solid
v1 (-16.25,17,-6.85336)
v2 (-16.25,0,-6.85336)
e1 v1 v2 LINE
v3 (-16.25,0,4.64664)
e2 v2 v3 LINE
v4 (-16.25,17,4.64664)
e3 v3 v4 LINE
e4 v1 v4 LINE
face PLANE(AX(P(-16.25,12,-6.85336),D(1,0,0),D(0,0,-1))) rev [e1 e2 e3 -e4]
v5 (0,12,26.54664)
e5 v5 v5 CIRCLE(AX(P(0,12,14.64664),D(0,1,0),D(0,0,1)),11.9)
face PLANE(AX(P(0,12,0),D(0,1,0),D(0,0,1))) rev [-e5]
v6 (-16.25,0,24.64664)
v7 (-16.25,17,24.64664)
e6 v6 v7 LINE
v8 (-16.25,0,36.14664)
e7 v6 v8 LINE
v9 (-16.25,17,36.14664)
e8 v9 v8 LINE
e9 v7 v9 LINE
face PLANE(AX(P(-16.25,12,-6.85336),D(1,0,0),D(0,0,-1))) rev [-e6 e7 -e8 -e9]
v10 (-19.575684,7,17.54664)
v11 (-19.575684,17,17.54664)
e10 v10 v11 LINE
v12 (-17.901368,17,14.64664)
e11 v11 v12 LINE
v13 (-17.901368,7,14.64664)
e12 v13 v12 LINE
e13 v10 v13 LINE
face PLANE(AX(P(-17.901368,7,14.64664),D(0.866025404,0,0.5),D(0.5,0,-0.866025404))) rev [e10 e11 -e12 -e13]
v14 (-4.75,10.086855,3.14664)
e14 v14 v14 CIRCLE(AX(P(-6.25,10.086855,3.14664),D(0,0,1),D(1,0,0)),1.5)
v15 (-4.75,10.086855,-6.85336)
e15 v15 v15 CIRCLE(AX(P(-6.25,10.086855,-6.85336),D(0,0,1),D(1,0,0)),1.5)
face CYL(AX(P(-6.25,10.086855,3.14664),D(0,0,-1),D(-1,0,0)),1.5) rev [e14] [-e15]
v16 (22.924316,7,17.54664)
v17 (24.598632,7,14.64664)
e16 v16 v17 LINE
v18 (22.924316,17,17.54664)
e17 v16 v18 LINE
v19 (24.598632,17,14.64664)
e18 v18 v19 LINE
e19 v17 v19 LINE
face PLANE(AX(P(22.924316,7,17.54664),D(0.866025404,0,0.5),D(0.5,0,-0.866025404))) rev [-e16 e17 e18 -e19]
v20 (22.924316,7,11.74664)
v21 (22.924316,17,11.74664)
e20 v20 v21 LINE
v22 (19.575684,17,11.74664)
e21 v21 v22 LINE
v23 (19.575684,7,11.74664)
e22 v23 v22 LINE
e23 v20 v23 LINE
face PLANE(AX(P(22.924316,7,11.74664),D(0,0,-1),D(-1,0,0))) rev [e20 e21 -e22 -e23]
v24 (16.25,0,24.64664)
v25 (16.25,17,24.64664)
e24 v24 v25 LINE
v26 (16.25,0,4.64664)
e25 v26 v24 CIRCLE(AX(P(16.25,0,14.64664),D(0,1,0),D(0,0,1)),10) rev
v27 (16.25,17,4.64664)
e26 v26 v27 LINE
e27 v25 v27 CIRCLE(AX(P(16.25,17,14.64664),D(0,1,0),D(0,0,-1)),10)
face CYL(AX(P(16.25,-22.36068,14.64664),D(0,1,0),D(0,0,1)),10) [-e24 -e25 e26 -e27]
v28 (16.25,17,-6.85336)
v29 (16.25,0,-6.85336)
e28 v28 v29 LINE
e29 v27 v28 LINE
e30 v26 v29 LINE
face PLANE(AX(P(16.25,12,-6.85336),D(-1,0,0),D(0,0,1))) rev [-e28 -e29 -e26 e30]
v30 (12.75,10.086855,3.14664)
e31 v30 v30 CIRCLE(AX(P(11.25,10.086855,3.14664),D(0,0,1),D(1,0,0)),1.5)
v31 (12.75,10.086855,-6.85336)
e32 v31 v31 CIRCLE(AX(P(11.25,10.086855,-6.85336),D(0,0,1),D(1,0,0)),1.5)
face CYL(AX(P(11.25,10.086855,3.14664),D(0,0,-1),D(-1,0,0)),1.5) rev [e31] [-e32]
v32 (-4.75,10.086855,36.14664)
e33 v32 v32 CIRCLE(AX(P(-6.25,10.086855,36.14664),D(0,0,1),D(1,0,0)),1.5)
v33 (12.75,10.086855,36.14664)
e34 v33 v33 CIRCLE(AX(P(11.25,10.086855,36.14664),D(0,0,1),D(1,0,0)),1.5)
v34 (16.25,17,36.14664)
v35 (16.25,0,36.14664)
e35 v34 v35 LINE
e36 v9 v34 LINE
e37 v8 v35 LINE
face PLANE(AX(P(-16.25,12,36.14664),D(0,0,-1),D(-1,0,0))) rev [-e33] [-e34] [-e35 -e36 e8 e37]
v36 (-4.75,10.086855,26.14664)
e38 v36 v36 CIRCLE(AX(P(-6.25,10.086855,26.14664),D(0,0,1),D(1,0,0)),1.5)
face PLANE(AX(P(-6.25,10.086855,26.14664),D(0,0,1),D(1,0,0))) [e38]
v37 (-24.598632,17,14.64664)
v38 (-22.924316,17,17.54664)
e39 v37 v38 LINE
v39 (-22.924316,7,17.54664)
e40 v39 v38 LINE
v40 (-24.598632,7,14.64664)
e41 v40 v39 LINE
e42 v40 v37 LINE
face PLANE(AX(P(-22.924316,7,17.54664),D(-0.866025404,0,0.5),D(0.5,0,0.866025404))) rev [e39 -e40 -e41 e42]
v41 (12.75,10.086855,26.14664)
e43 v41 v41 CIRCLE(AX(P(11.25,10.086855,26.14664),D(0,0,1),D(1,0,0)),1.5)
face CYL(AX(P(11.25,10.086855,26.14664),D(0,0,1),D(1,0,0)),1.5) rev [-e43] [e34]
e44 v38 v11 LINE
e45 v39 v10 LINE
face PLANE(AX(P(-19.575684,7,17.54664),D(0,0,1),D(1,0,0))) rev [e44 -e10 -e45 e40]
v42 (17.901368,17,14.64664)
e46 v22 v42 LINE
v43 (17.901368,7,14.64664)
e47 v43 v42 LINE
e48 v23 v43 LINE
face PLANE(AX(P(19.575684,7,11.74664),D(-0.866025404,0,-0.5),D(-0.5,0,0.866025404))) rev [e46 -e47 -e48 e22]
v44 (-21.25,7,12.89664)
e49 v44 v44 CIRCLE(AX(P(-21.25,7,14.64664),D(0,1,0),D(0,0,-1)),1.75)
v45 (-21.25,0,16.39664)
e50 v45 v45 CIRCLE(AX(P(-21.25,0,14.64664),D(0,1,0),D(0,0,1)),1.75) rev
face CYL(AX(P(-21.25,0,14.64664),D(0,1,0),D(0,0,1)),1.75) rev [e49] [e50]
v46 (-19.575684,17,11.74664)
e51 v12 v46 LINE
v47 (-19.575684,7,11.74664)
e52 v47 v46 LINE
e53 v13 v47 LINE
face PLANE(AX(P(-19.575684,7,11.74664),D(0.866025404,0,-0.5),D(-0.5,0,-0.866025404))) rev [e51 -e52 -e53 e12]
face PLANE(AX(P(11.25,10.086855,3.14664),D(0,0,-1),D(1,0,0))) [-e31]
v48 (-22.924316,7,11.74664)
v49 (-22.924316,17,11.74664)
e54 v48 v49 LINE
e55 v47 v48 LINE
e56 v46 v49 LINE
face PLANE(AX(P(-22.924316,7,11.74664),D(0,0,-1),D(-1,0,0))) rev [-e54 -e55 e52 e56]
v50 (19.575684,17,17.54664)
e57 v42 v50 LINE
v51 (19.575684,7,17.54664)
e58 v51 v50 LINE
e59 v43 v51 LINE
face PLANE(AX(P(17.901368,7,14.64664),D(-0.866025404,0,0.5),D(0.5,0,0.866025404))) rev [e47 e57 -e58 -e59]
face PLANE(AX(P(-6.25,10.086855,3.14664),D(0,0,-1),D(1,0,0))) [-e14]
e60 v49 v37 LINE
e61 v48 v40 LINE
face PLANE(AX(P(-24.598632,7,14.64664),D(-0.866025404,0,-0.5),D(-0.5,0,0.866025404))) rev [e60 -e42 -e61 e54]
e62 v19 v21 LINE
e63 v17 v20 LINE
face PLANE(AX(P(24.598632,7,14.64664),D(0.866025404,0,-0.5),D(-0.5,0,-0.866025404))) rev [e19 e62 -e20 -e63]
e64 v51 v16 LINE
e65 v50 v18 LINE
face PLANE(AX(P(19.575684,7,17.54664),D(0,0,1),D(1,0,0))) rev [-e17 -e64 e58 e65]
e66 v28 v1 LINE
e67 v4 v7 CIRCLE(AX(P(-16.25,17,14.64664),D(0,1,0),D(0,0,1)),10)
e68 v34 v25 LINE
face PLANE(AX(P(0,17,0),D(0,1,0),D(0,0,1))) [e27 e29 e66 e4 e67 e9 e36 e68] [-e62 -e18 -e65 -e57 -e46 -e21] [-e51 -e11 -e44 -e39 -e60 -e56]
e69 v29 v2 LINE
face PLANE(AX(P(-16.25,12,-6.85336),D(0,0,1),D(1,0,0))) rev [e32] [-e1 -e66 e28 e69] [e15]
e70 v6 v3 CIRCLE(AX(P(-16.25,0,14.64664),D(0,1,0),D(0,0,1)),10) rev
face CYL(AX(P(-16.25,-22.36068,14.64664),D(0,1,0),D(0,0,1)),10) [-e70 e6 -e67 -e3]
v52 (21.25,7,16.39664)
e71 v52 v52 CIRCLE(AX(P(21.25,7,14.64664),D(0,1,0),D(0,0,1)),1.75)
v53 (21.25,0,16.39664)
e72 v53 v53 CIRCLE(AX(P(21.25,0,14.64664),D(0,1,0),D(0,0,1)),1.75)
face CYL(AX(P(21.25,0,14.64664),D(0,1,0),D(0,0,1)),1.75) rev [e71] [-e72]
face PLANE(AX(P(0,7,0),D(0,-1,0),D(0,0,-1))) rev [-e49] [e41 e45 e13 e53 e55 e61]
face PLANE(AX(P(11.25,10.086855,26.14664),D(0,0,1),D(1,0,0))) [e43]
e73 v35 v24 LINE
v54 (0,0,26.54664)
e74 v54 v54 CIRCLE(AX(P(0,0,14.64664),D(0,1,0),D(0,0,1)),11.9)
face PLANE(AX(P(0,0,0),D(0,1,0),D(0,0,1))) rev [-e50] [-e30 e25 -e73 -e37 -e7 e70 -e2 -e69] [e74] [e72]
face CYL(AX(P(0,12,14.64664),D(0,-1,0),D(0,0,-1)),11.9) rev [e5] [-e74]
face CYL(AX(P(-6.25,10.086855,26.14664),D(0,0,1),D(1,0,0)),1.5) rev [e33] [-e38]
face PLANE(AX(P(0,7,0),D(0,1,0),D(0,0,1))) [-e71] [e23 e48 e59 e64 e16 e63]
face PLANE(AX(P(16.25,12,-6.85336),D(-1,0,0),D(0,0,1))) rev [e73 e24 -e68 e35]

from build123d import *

# Parameters (mm, degrees)
ESQUISSE1_W         = 32.5
ESQUISSE1_H         = 43
ESQUISSE1_R         = 11.9
BOSS_EXTRU_1_DEPTH  = 12
SKETCH2_W           = 32.5
SKETCH2_H           = 43
BOSS_EXTRUDE1_DEPTH = 5
SKETCH3_R           = 1.5
CUT_EXTRUDE2_DEPTH  = 10
BOSS_EXTRUDE2_DEPTH = 17
SKETCH5_R           = 1.75
CUT_EXTRUDE3_DEPTH  = 48.797930062
SKETCH5_3_R         = 1.75
CUT_EXTRUDE4_DEPTH  = 10


with BuildPart() as part:
    # Esquisse1 → Boss.-Extru.1 (new body)
    with BuildSketch(Plane(origin=(0, 0, 0), x_dir=(1, 0, 0), z_dir=(0, 1, 0))):
        with Locations((0, -14.646640483)):
            Rectangle(ESQUISSE1_W, ESQUISSE1_H)
        with Locations(Location((0, -14.646640483, 0), (0, 0, 270))):
            Circle(ESQUISSE1_R, mode=Mode.SUBTRACT)
    extrude(amount=BOSS_EXTRU_1_DEPTH)

    # Sketch2 → Boss-Extrude1 (add)
    with BuildSketch(Plane(origin=(0, 12, 0), x_dir=(1, 0, 0), z_dir=(0, 1, 0))):
        with Locations((0, -14.646640483)):
            Rectangle(SKETCH2_W, SKETCH2_H)
    extrude(amount=BOSS_EXTRUDE1_DEPTH)

    # Sketch3 → Cut-Extrude2 (cut)
    with BuildSketch(Plane.XY.offset(36.146640483)):
        with Locations((11.25, 10.086854916)):
            Circle(SKETCH3_R)
        with Locations((-6.25, 10.086854916)):
            Circle(SKETCH3_R)
    cut_extrude2 = extrude(amount=-CUT_EXTRUDE2_DEPTH, mode=Mode.SUBTRACT)

    # Mirror1: Cut-Extrude2 across plane
    add(cut_extrude2.mirror(Plane.XY.offset(14.646640483)), mode=Mode.SUBTRACT)

    # Sketch4 → Boss-Extrude2 (add)
    with BuildSketch(Plane(origin=(0, 17, 0), x_dir=(1, 0, 0), z_dir=(0, 1, 0))):
        with BuildLine():
            Line((16.25, -4.646640483), (16.25, -24.646640483))
            ThreePointArc((16.25, -24.646640483), (26.25, -14.646640483), (16.25, -4.646640483))
        make_face()
        with BuildLine():
            Line((-16.25, -4.646640483), (-16.25, -24.646640483))
            ThreePointArc((-16.25, -24.646640483), (-26.25, -14.646640483), (-16.25, -4.646640483))
        make_face()
    extrude(amount=-BOSS_EXTRUDE2_DEPTH)

    # Sketch5 → Cut-Extrude3 (cut, through all)
    with BuildSketch(Plane(origin=(0, 17, 0), x_dir=(1, 0, 0), z_dir=(0, 1, 0))):
        with Locations(Location((-21.25, -14.646640483, 0), (0, 0, 270))):
            Circle(SKETCH5_R)
        with Locations(Location((21.25, -14.646640483, 0), (0, 0, 270))):
            Circle(SKETCH5_R)
    extrude(amount=-CUT_EXTRUDE3_DEPTH, mode=Mode.SUBTRACT)

    # Sketch5<3> → Cut-Extrude4 (cut)
    # profile 1 of 2: a face of its own
    with BuildSketch(Plane(origin=(0, 17, 0), x_dir=(1, 0, 0), z_dir=(0, 1, 0))):
        Polygon((22.924315781, -17.546640483), (24.598631561, -14.646640483), (22.924315781, -11.746640483), (19.575684219, -11.746640483), (17.901368439, -14.646640483), (19.575684219, -17.546640483), align=None)
        with Locations(Location((21.25, -14.646640483, 0), (0, 0, 270))):
            Circle(SKETCH5_3_R, mode=Mode.SUBTRACT)
    # profile 2 of 2: a face of its own
    with BuildSketch(Plane(origin=(0, 17, 0), x_dir=(1, 0, 0), z_dir=(0, 1, 0))):
        Polygon((-19.575684219, -17.546640483), (-22.924315781, -17.546640483), (-24.598631561, -14.646640483), (-22.924315781, -11.746640483), (-19.575684219, -11.746640483), (-17.901368439, -14.646640483), align=None)
        with Locations(Location((-21.25, -14.646640483, 0), (0, 0, 270))):
            Circle(SKETCH5_3_R, mode=Mode.SUBTRACT)
    extrude(amount=-CUT_EXTRUDE4_DEPTH, mode=Mode.SUBTRACT)


solid = part.part
